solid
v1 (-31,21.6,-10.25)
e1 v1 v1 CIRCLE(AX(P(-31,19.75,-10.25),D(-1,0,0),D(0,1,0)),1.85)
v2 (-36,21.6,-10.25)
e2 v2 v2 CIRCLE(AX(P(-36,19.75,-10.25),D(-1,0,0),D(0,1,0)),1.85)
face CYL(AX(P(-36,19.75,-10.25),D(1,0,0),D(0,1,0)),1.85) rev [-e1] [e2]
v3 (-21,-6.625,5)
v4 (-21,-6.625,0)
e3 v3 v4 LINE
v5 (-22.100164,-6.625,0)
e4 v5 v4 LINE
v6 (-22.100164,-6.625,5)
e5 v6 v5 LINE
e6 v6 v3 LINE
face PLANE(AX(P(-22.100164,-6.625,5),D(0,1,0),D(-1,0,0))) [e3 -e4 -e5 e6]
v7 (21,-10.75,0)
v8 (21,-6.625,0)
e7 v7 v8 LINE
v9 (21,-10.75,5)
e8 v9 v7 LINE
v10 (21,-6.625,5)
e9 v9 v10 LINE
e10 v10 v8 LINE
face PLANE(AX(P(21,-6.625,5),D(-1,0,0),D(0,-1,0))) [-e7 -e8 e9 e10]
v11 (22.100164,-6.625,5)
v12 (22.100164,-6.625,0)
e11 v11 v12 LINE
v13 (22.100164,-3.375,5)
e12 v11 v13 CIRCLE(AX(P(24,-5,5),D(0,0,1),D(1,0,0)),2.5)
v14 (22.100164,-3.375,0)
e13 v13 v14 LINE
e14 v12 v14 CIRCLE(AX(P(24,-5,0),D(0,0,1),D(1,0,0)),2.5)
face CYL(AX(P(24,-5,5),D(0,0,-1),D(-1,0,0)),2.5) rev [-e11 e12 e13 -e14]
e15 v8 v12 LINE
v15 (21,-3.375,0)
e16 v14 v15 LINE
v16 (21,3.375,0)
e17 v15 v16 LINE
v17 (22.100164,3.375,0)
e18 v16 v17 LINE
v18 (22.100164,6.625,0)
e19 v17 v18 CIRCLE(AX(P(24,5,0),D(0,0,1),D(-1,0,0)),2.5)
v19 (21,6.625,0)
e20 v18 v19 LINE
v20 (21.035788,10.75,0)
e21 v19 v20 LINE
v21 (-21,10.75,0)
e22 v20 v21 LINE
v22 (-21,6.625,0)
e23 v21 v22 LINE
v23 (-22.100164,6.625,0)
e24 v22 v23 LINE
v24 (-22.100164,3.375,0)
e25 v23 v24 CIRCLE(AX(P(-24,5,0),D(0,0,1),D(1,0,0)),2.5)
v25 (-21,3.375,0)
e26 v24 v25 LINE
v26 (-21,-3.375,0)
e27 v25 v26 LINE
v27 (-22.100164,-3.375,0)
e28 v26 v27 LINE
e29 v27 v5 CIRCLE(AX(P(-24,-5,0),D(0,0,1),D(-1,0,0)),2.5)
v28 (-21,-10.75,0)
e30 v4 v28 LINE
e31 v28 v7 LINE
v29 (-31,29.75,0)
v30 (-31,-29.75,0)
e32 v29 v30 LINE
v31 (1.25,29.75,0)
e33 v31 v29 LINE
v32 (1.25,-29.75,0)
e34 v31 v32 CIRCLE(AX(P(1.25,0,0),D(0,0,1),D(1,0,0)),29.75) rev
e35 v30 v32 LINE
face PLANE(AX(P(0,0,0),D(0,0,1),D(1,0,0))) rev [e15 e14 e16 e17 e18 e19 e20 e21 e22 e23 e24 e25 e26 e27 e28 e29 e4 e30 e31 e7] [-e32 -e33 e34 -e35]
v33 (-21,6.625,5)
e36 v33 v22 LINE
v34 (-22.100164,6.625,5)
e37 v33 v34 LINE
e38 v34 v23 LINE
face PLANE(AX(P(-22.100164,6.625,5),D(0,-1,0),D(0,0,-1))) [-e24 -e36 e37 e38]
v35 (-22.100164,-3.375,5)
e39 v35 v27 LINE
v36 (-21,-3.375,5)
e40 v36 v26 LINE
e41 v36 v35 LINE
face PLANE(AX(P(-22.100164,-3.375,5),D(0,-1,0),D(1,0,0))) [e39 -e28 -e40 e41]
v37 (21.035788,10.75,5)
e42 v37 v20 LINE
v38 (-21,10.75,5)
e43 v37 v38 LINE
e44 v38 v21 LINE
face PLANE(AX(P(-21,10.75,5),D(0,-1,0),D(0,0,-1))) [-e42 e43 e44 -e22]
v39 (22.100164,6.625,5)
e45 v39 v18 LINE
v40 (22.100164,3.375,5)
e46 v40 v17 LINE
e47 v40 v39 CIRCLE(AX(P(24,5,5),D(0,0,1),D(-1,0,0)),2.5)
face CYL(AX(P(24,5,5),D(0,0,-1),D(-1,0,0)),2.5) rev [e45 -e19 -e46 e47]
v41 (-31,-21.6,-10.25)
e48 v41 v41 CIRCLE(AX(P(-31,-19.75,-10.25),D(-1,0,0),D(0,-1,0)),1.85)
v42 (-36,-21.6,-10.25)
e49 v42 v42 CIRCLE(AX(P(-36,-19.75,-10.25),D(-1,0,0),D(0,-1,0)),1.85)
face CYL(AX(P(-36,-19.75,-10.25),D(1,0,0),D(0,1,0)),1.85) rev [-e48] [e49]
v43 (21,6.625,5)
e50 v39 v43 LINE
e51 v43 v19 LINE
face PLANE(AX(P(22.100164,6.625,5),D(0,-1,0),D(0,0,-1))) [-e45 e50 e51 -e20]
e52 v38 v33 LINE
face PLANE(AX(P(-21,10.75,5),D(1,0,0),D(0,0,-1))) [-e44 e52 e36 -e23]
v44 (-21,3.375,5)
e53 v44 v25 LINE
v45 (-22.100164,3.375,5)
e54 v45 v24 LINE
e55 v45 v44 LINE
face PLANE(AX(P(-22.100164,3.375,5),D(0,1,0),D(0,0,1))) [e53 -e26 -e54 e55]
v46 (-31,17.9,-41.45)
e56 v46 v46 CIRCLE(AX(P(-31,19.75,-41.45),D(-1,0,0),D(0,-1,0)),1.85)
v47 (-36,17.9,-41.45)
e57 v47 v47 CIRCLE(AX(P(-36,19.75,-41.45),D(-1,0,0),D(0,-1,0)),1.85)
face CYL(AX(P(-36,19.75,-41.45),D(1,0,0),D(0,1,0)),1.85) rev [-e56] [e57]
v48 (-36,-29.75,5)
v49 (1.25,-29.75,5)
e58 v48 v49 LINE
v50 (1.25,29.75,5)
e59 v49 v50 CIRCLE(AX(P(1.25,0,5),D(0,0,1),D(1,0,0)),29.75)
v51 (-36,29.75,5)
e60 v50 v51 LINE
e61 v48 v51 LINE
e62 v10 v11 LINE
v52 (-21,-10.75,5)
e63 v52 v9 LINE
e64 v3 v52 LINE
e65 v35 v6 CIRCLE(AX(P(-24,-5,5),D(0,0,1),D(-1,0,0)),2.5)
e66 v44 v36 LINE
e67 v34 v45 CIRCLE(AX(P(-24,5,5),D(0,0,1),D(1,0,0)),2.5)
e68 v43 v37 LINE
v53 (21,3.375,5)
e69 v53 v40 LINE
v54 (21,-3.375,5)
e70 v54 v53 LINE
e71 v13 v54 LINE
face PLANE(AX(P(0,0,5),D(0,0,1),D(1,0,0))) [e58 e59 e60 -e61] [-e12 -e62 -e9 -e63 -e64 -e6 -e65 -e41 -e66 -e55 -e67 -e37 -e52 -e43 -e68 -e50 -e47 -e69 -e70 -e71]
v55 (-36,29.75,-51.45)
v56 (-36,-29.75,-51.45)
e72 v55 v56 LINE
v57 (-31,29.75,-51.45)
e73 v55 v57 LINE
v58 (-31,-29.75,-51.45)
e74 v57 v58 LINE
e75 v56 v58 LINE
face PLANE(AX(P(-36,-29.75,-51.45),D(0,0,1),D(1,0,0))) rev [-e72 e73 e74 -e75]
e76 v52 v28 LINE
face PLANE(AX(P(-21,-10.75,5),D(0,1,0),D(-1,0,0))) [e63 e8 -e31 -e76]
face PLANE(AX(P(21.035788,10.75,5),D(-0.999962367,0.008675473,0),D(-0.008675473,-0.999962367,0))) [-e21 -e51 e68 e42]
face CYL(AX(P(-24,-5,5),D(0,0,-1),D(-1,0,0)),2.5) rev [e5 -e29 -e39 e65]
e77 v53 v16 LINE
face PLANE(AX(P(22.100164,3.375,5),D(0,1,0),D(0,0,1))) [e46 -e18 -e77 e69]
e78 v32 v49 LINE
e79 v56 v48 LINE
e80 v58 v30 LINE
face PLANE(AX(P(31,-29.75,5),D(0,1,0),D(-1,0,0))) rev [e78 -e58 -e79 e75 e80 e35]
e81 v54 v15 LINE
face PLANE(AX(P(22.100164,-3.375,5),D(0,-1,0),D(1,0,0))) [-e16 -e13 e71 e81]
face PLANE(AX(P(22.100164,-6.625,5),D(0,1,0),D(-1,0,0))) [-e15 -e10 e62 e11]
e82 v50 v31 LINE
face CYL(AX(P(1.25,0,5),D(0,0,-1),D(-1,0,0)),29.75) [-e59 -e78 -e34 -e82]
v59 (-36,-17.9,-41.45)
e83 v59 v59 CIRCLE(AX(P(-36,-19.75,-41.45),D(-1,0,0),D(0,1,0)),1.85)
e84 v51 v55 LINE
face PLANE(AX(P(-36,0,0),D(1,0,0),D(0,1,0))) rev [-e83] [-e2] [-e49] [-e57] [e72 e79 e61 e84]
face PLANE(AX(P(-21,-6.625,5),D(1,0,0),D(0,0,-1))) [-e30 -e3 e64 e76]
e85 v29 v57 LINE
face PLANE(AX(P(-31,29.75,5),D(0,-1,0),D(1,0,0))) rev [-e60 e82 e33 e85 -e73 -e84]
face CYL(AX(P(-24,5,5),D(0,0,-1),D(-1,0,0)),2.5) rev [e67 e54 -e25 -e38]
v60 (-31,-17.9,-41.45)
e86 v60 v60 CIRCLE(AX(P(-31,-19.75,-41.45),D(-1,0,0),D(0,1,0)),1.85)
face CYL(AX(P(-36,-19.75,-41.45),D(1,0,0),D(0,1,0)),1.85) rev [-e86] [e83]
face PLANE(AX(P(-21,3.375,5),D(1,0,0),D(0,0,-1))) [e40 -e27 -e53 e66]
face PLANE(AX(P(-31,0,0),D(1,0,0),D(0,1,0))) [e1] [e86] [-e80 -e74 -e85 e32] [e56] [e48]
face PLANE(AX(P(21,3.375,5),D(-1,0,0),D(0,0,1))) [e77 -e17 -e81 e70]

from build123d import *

# Parameters (mm, degrees)
BOSS_EXTRUDE1_DEPTH = 5
SKETCH3_W           = 56.45
SKETCH3_H           = 59.5
SKETCH3_R           = 1.85
BOSS_EXTRUDE3_DEPTH = 5
FILLET2_RADIUS      = 29.75
FILLET2_LENGTH      = 5


with BuildPart() as part:
    # Sketch1 → Boss-Extrude1 (new body)
    with BuildSketch(Plane.XY):
        Polygon((-31, 29.75), (-21, 29.75), (21, 29.75), (31, 29.75), (31, -29.75), (21, -29.75), (-21, -29.75), (-31, -29.75), align=None)
        with BuildLine():
            Line((-22.100164481, 6.625), (-21, 6.625))
            Line((-21, 6.625), (-21, 10.75))
            Line((-21, 10.75), (21.035787675, 10.75))
            Line((21.035787675, 10.75), (21, 6.625))
            Line((21, 6.625), (22.100164481, 6.625))
            ThreePointArc((22.100164481, 6.625), (26.5, 5), (22.100164481, 3.375))
            Line((22.100164481, 3.375), (21, 3.375))
            Line((21, 3.375), (21, -3.375))
            Line((21, -3.375), (22.100164481, -3.375))
            ThreePointArc((22.100164481, -3.375), (26.5, -5), (22.100164481, -6.625))
            Line((22.100164481, -6.625), (21, -6.625))
            Line((21, -6.625), (21, -10.75))
            Line((21, -10.75), (-21, -10.75))
            Line((-21, -10.75), (-21, -6.625))
            Line((-21, -6.625), (-22.100164481, -6.625))
            ThreePointArc((-22.100164481, -6.625), (-26.5, -5), (-22.100164481, -3.375))
            Line((-22.100164481, -3.375), (-21, -3.375))
            Line((-21, -3.375), (-21, 3.375))
            Line((-21, 3.375), (-22.100164481, 3.375))
            ThreePointArc((-22.100164481, 3.375), (-26.5, 5), (-22.100164481, 6.625))
        make_face(mode=Mode.SUBTRACT)
    extrude(amount=BOSS_EXTRUDE1_DEPTH)

    # Sketch3 → Boss-Extrude3 (add)
    with BuildSketch(Plane.ZY.offset(31)):
        with Locations((-23.225, 0)):
            Rectangle(SKETCH3_W, SKETCH3_H)
        with Locations(Location((-41.45, 19.75, 0), (0, 0, 270))):
            Circle(SKETCH3_R, mode=Mode.SUBTRACT)
        with Locations(Location((-41.45, -19.75, 0), (0, 0, 90))):
            Circle(SKETCH3_R, mode=Mode.SUBTRACT)
        with Locations(Location((-10.25, -19.75, 0), (0, 0, 270))):
            Circle(SKETCH3_R, mode=Mode.SUBTRACT)
        with Locations(Location((-10.25, 19.75, 0), (0, 0, 90))):
            Circle(SKETCH3_R, mode=Mode.SUBTRACT)
    extrude(amount=BOSS_EXTRUDE3_DEPTH)

    # Fillet2: full round fillet: the end face becomes a half cylinder, R = half its width
    fillet2_face = Plane((31, 0, 2.5), x_dir=(0, 0, 1), z_dir=(1, 0, 0))  # on the end face: x along it, z out of the body
    fillet2_slab = fillet2_face.offset(-FILLET2_RADIUS / 2) * Box(FILLET2_LENGTH, 2 * FILLET2_RADIUS, FILLET2_RADIUS, mode=Mode.PRIVATE)  # the body's end, R deep
    fillet2_round = Plane((1.25, 0, 2.5), x_dir=(1, 0, 0), z_dir=(0, 0, 1)) * Cylinder(FILLET2_RADIUS, FILLET2_LENGTH, mode=Mode.PRIVATE)  # its axis R under the face
    add(fillet2_slab - fillet2_round, mode=Mode.SUBTRACT)


solid = part.part
